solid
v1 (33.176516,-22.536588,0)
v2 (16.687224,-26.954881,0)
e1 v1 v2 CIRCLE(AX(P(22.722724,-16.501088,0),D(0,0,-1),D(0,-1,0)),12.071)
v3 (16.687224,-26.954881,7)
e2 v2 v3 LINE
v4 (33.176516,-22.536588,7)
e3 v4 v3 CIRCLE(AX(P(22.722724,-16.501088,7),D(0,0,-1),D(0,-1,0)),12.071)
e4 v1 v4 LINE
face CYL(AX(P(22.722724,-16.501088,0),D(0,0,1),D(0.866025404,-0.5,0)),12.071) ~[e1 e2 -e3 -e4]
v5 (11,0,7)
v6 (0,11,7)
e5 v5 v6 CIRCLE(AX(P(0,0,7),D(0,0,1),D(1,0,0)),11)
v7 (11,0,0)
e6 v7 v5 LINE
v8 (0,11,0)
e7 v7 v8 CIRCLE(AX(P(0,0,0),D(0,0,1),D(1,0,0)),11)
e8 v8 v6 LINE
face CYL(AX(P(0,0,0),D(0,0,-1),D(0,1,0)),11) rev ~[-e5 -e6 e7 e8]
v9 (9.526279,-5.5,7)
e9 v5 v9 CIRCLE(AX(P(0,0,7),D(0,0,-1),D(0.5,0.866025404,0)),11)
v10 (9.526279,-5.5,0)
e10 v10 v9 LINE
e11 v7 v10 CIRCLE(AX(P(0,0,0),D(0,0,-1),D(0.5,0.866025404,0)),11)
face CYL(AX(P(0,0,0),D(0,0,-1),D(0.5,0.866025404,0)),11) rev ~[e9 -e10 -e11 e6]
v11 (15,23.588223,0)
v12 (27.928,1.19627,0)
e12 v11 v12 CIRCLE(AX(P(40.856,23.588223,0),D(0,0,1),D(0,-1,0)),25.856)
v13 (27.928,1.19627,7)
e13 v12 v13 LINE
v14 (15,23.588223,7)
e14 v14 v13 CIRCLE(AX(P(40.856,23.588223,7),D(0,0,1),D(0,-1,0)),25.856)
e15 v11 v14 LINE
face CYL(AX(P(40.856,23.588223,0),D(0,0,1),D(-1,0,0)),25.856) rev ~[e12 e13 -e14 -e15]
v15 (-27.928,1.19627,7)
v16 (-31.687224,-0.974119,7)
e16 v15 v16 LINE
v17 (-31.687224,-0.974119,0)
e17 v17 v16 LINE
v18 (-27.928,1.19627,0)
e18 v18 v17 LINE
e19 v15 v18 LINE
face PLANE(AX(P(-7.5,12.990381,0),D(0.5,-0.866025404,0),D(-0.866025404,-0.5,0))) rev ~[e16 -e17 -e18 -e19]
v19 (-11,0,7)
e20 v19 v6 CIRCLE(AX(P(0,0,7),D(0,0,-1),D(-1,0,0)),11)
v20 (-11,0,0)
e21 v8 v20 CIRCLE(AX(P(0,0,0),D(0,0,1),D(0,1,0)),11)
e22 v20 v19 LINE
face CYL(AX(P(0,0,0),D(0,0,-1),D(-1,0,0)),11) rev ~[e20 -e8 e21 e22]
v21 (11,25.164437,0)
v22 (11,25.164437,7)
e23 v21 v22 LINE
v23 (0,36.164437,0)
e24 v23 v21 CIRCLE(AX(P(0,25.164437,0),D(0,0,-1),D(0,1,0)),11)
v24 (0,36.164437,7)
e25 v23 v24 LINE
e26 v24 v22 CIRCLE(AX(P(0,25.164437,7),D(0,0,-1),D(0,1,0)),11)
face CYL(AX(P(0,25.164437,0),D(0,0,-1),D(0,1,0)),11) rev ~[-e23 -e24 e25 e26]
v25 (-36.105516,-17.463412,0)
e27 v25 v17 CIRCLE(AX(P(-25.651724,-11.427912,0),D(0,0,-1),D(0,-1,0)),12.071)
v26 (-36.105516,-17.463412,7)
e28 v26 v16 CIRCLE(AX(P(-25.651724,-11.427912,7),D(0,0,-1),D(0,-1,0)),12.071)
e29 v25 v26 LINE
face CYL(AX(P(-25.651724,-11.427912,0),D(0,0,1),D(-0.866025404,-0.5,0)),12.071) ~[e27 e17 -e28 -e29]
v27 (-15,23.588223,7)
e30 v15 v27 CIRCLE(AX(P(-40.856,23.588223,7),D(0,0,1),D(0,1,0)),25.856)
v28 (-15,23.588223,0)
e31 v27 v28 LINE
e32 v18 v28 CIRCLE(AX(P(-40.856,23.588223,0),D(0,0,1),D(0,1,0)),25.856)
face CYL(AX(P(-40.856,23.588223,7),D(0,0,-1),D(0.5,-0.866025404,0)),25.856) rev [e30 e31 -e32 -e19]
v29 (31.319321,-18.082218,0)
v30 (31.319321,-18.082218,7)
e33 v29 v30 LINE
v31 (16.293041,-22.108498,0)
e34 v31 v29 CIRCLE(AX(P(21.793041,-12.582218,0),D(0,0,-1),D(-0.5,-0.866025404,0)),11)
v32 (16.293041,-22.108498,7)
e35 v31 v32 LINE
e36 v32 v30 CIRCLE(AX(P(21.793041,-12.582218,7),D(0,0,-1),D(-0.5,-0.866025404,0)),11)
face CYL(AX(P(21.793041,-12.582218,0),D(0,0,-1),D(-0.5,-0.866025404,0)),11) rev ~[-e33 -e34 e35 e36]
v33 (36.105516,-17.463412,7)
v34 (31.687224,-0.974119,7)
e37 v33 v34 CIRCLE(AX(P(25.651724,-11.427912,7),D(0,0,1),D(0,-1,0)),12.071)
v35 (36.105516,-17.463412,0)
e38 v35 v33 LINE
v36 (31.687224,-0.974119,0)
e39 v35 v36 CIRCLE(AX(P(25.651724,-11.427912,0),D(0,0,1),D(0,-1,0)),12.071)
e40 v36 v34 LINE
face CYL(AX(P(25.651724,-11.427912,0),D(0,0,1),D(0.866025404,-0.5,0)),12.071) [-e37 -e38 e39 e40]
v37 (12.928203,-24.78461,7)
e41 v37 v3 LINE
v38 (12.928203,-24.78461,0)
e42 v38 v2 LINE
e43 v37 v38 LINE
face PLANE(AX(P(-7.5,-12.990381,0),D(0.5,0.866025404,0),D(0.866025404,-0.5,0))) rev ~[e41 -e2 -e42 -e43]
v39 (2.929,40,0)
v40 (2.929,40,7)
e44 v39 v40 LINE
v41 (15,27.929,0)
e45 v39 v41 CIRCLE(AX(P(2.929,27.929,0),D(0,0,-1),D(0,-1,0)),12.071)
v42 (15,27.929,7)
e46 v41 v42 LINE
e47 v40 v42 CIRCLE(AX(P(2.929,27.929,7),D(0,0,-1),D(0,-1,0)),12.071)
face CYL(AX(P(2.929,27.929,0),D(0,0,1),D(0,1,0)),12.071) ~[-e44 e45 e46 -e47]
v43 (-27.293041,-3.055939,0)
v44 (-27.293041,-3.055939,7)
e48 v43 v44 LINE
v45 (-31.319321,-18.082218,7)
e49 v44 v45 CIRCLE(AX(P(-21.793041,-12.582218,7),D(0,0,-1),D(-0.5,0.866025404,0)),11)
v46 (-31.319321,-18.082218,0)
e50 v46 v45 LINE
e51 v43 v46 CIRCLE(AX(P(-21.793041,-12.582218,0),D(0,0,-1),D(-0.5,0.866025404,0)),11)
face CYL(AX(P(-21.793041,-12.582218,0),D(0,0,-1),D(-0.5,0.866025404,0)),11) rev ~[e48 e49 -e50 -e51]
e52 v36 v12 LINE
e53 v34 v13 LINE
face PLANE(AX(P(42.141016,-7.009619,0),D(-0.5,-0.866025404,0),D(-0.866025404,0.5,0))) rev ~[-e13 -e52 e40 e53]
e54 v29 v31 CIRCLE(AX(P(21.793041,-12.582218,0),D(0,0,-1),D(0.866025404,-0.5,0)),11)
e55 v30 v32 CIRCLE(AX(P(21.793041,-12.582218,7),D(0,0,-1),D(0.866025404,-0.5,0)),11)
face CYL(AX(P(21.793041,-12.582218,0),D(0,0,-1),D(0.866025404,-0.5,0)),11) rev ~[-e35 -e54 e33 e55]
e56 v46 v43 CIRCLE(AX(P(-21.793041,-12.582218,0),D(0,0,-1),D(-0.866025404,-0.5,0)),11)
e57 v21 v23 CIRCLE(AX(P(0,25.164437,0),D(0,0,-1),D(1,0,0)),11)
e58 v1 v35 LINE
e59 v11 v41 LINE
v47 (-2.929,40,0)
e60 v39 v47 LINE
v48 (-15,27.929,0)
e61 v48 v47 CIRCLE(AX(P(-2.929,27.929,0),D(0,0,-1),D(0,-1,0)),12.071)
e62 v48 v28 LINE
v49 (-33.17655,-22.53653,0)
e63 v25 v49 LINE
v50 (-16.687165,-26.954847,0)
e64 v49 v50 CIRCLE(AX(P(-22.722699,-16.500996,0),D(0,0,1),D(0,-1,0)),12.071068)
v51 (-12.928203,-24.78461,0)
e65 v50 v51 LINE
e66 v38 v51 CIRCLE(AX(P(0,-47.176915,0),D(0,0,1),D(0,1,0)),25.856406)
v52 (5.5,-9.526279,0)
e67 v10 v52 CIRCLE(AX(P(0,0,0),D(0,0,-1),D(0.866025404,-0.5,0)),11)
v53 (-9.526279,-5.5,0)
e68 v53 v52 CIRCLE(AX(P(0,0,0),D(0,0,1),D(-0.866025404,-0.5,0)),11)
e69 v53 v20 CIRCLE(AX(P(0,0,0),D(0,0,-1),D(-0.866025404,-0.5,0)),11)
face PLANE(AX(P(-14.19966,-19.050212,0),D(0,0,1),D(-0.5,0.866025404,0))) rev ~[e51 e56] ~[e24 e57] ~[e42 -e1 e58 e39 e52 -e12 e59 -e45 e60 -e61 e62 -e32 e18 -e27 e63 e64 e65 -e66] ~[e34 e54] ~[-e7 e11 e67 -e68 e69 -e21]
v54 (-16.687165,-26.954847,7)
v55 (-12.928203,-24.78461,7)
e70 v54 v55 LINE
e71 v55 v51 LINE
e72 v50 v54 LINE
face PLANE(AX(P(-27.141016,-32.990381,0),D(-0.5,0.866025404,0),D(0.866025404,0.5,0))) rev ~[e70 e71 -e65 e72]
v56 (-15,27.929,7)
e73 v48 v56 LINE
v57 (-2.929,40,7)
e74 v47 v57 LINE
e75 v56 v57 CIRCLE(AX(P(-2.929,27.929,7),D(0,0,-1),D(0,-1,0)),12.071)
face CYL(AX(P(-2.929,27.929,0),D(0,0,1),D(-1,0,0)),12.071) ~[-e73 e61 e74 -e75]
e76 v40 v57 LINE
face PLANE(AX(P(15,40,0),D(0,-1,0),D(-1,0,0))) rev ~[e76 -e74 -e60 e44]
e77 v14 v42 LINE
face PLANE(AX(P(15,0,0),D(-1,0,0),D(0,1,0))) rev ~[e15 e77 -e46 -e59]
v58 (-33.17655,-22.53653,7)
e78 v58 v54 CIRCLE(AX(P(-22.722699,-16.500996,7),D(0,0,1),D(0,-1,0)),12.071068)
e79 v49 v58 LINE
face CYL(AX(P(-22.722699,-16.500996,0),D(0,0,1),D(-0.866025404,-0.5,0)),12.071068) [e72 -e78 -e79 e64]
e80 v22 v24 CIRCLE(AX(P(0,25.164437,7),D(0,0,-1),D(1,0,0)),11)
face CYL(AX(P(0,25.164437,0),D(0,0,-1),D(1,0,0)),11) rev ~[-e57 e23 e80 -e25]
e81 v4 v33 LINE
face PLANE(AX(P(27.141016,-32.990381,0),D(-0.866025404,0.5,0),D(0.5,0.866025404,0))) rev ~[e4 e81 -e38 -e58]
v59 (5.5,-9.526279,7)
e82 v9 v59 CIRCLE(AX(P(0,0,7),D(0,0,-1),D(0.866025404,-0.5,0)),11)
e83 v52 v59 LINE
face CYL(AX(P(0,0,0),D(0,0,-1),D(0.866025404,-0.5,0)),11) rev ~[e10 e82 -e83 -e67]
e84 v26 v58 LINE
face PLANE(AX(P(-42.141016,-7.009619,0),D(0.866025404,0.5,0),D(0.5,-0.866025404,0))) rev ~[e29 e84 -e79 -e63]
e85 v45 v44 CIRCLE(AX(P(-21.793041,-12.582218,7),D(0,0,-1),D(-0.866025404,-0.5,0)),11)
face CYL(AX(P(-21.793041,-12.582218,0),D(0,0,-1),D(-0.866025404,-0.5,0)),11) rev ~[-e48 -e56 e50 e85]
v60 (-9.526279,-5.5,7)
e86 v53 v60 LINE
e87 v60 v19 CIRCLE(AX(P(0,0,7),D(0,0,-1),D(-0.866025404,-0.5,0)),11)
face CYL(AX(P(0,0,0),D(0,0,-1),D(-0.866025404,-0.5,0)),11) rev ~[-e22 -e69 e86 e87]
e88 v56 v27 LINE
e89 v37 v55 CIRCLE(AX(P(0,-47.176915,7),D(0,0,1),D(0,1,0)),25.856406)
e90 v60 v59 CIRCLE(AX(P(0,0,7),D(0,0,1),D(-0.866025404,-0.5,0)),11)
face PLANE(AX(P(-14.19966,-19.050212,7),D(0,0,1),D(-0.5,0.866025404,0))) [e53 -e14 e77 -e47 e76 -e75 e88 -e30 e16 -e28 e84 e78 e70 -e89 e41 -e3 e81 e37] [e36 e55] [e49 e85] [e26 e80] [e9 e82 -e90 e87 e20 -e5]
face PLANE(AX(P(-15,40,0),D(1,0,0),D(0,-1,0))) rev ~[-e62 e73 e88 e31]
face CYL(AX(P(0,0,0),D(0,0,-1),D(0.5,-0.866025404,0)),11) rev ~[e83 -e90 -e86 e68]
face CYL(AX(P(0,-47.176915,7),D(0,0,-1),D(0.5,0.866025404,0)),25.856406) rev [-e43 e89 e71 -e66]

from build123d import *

# Parameters (mm, degrees)
F1_DEPTH = 7
F3_ANGLE = 120
F4_ANGLE = 240
F6_R     = 25.8564064606
F7_R     = 25.856
F8_R     = 25.856
F9_R     = 12.0710678119
F10_R    = 12.071
F11_R    = 12.071
F12_R    = 12.071
F13_R    = 12.071
F14_R    = 12.071


with BuildPart() as f1:
    # F0 (on Top) → F1 (new body)
    with BuildSketch(Plane.XY):
        with BuildLine():
            ThreePointArc((-11, 0), (-7.7781745931, 7.7781745931), (0, 11))
            Line((0, 11), (0, 14.1644365489))
            ThreePointArc((0, 14.1644365489), (-11, 25.1644365489), (0, 36.1644365489))
            Line((0, 36.1644365489), (0, 40))
            Line((0, 40), (-15, 40))
            Line((-15, 40), (-15, 0))
            Line((-15, 0), (-11, 0))
        make_face()
        with BuildLine():
            ThreePointArc((0, 11), (7.7781745931, 7.7781745931), (11, 0))
            Line((11, 0), (15, 0))
            Line((15, 0), (15, 40))
            Line((15, 40), (0, 40))
            Line((0, 40), (0, 36.1644365489))
            ThreePointArc((0, 36.1644365489), (7.7781745931, 32.942611142), (11, 25.1644365489))
            ThreePointArc((11, 25.1644365489), (7.7781745931, 17.3862619559), (0, 14.1644365489))
            Line((0, 14.1644365489), (0, 11))
        make_face()
    extrude(amount=F1_DEPTH)


with BuildPart() as f3_1:
    # F3: copy of F1
    add(f1.part.rotate(Axis((0, 0, 22.2638938576), (0, 0, 1)), F3_ANGLE))


with BuildPart() as f4_1:
    # F4: copy of F1
    add(f1.part.rotate(Axis((0, 0, 22.2638938576), (0, 0, 1)), F4_ANGLE))


with BuildPart() as f1_1:
    add(f1.part)

    # F5: union F3_1, F4_1
    add(f3_1.part)
    add(f4_1.part)

    # F6
    f6_edges = [f1_1.edges().sort_by_distance(p)[0] for p in [
        (0, -17.320508, 3.5),
    ]]
    fillet(f6_edges, radius=F6_R)

    # F7
    f7_edges = [f1_1.edges().sort_by_distance(p)[0] for p in [
        (-15, 8.660254, 3.5),
    ]]
    fillet(f7_edges, radius=F7_R)

    # F8
    f8_edges = [f1_1.edges().sort_by_distance(p)[0] for p in [
        (15, 8.660254, 3.5),
    ]]
    fillet(f8_edges, radius=F8_R)

    # F9
    f9_edges = [f1_1.edges().sort_by_distance(p)[0] for p in [
        (-27.141016, -32.990381, 3.5),
    ]]
    fillet(f9_edges, radius=F9_R)

    # F10
    f10_edges = [f1_1.edges().sort_by_distance(p)[0] for p in [
        (-42.141016, -7.009619, 3.5),
    ]]
    fillet(f10_edges, radius=F10_R)

    # F11
    f11_edges = [f1_1.edges().sort_by_distance(p)[0] for p in [
        (-15, 40, 3.5),
    ]]
    fillet(f11_edges, radius=F11_R)

    # F12
    f12_edges = [f1_1.edges().sort_by_distance(p)[0] for p in [
        (15, 40, 3.5),
    ]]
    fillet(f12_edges, radius=F12_R)

    # F13
    f13_edges = [f1_1.edges().sort_by_distance(p)[0] for p in [
        (27.141016, -32.990381, 3.5),
    ]]
    fillet(f13_edges, radius=F13_R)

    # F14
    f14_edges = [f1_1.edges().sort_by_distance(p)[0] for p in [
        (42.141016, -7.009619, 3.5),
    ]]
    fillet(f14_edges, radius=F14_R)


solid = f1_1.part
